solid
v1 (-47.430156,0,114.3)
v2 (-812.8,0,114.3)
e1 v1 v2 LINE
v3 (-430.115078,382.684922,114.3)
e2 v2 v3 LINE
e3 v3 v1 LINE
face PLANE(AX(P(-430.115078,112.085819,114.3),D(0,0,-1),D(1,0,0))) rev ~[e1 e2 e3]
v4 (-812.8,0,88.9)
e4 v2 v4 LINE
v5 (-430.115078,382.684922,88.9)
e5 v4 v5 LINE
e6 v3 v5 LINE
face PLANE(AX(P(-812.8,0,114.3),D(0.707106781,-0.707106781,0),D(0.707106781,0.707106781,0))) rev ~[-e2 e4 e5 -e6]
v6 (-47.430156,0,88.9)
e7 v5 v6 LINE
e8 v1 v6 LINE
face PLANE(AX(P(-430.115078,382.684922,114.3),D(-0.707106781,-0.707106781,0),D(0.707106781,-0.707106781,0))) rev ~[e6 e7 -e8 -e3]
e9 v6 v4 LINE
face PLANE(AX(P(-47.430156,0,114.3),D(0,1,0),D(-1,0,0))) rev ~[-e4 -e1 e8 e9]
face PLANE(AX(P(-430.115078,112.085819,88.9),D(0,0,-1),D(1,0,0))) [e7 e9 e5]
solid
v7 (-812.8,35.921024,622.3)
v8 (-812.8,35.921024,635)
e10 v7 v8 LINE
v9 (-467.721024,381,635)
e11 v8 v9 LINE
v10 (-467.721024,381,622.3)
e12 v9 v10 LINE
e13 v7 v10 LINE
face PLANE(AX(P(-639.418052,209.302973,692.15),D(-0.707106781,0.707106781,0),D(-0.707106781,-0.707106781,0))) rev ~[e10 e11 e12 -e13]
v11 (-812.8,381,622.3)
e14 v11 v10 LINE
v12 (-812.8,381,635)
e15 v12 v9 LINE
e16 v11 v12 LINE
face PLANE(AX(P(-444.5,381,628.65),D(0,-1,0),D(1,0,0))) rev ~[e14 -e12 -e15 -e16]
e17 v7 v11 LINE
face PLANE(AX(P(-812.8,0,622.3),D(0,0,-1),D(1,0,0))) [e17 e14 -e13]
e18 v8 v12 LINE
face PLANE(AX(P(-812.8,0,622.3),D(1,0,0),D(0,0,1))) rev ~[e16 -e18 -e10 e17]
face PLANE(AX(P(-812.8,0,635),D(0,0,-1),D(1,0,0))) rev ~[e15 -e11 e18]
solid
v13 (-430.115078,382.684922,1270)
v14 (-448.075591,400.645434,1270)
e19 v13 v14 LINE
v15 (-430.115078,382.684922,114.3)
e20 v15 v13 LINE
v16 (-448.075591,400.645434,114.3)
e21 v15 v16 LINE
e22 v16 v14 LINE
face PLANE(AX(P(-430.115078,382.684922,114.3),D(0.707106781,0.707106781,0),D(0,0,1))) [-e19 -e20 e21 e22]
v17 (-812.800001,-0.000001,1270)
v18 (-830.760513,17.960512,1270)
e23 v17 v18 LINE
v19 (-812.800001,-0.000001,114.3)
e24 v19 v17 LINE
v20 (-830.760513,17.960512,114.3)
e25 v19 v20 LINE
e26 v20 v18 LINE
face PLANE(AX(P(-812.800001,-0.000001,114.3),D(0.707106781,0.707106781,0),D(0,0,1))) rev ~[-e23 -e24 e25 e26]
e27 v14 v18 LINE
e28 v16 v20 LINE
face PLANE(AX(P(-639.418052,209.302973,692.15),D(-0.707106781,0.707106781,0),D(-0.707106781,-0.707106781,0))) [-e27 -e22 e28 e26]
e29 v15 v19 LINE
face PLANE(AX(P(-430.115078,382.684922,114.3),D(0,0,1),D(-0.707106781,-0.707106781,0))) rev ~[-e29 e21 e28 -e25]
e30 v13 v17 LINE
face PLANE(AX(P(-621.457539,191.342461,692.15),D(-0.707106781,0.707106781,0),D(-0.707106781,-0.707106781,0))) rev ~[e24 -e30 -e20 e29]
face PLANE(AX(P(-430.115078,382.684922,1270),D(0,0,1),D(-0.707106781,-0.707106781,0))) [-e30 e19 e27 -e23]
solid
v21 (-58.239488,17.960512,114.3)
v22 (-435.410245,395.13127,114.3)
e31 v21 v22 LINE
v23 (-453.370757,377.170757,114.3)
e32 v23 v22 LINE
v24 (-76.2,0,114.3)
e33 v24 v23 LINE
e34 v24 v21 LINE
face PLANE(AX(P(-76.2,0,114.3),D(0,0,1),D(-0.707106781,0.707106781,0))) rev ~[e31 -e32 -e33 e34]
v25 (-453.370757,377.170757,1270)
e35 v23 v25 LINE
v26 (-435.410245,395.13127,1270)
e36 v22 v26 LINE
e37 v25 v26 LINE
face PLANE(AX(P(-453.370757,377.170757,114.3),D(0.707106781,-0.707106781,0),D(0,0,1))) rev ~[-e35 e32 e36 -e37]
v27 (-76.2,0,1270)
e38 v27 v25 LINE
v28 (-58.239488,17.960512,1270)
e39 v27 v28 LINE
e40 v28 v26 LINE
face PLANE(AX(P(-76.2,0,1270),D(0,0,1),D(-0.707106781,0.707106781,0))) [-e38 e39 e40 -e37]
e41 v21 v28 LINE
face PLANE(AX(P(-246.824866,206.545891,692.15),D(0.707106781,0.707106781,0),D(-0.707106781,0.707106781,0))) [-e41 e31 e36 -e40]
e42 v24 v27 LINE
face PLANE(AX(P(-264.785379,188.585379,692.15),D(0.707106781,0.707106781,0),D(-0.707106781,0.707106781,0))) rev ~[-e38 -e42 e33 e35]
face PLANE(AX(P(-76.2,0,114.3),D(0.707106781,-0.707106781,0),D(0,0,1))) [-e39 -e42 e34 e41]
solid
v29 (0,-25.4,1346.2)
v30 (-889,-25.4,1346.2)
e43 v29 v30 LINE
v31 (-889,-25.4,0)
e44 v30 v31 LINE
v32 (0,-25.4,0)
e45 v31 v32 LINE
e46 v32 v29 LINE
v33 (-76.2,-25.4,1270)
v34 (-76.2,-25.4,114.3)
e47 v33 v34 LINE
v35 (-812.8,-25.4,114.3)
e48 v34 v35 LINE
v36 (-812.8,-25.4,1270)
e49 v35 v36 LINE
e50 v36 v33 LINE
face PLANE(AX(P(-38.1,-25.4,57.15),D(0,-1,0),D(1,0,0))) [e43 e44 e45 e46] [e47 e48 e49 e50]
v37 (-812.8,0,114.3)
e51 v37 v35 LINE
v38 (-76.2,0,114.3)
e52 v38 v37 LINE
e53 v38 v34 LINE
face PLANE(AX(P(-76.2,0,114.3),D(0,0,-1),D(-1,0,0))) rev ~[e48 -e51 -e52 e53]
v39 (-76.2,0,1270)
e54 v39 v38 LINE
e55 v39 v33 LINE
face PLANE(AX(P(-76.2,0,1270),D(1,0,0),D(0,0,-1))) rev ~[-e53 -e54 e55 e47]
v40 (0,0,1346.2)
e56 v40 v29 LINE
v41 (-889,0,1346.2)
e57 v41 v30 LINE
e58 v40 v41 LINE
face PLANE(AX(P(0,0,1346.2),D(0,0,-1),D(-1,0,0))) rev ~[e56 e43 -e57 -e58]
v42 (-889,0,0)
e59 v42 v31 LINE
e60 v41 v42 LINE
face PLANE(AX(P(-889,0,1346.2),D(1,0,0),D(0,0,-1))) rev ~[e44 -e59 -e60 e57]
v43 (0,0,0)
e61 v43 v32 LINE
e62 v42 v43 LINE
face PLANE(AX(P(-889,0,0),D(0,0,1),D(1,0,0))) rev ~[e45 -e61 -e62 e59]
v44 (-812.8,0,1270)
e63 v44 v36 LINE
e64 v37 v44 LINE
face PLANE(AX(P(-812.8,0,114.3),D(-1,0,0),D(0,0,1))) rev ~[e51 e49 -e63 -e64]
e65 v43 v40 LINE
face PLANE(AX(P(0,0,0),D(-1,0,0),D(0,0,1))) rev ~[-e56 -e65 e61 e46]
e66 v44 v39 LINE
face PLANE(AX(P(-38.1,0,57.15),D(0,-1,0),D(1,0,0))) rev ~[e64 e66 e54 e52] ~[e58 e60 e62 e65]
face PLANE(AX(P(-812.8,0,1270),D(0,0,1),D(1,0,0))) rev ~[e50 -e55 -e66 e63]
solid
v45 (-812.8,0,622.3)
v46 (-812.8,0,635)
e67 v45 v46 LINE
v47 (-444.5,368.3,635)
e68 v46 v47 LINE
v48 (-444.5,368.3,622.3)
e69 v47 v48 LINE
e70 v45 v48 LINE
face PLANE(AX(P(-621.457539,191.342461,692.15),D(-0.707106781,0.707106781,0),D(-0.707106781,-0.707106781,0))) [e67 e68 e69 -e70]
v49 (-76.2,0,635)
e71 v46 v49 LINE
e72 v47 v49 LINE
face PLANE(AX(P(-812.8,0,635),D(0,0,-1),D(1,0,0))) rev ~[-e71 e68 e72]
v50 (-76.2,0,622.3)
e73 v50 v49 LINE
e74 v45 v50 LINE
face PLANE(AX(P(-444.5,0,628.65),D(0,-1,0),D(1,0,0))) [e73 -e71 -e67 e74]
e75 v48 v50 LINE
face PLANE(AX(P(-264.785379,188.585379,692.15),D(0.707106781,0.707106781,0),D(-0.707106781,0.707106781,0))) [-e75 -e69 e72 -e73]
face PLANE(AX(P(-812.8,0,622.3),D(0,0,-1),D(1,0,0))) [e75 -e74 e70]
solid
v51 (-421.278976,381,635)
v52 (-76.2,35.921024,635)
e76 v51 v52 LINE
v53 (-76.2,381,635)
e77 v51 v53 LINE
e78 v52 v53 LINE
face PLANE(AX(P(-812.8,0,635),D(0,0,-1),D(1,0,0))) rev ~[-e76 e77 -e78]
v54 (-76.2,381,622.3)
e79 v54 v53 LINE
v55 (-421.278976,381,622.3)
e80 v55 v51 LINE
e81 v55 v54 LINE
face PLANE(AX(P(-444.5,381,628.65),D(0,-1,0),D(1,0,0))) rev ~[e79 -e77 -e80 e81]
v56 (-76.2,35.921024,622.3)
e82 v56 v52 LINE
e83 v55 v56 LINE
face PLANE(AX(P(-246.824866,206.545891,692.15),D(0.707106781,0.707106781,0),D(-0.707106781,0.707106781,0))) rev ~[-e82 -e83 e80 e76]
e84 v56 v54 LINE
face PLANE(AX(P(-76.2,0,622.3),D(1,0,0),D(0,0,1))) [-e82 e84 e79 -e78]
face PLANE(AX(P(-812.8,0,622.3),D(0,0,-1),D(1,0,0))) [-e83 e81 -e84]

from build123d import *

# Parameters (mm, degrees)
F0_W      = 76.2
F0_H      = 114.3
F0_W_2    = 736.6
F0_H_2    = 1155.7
F0_H_3    = 76.2
F1_DEPTH  = 25.4
F2_W      = 736.6
F2_H      = 12.7
F3_DEPTH  = 381
F5_W      = 533.4
F5_H      = 1155.7
F6_DEPTH  = 25.4
F8_W      = 541.198207
F8_H      = 1155.7
F9_DEPTH  = 25.4
F11_DEPTH = 25.4


with BuildPart() as f1:
    # F0 (on Front) → F1 (new body)
    with BuildSketch(Plane.XZ):
        with Locations((-38.1, 57.15)):
            Rectangle(F0_W, F0_H)
        with Locations((-444.5, 57.15)):
            Rectangle(F0_W_2, F0_H)
        with Locations((-38.1, 692.15)):
            Rectangle(F0_W, F0_H_2)
        with Locations((-850.9, 57.15)):
            Rectangle(F0_W, F0_H)
        with Locations((-38.1, 1308.1)):
            Rectangle(F0_W, F0_H_3)
        with Locations((-850.9, 692.15)):
            Rectangle(F0_W, F0_H_2)
        with Locations((-444.5, 1308.1)):
            Rectangle(F0_W_2, F0_H_3)
        with Locations((-850.9, 1308.1)):
            Rectangle(F0_W, F0_H_3)
    extrude(amount=F1_DEPTH)


with BuildPart() as f3:
    # F2 (on Front) → F3 (new body)
    with BuildSketch(Plane.XZ):
        with Locations((-444.5, 628.65)):
            Rectangle(F2_W, F2_H)
    extrude(amount=-F3_DEPTH)


with BuildPart() as f6:
    # F5 (on face) → F6 (new body)
    with BuildSketch(Plane(origin=(-38.1, -38.1, 0), x_dir=(-0.707107, 0.707107, 0), z_dir=(0.707107, 0.707107, 0))):
        with Locations((320.581537, 692.15)):
            Rectangle(F5_W, F5_H)
    extrude(amount=F6_DEPTH)


with BuildPart() as f9:
    # F8 (on face) → F9 (new body)
    with BuildSketch(Plane(origin=(-406.4, 406.4, 0), x_dir=(-0.707107, -0.707107, 0), z_dir=(-0.707107, 0.707107, 0))):
        with Locations((304.137289, 692.15)):
            Rectangle(F8_W, F8_H)
    extrude(amount=F9_DEPTH)


with BuildPart() as f11:
    # F10 (on face) → F11 (new body)
    with BuildSketch(Plane(origin=(0, 0, 114.3), x_dir=(1, 0, 0), z_dir=(0, 0, -1))):
        Polygon((-47.430156, 0), (-812.8, 0), (-430.115078, -382.684922), align=None)
    extrude(amount=F11_DEPTH)


with BuildPart() as f3_1:
    add(f3.part)

    # F12: cut F9, F6
    add(f9.part, mode=Mode.SUBTRACT)
    add(f6.part, mode=Mode.SUBTRACT)


solid = Compound([f1.part, f6.part, f9.part, f11.part, f3_1.part])
